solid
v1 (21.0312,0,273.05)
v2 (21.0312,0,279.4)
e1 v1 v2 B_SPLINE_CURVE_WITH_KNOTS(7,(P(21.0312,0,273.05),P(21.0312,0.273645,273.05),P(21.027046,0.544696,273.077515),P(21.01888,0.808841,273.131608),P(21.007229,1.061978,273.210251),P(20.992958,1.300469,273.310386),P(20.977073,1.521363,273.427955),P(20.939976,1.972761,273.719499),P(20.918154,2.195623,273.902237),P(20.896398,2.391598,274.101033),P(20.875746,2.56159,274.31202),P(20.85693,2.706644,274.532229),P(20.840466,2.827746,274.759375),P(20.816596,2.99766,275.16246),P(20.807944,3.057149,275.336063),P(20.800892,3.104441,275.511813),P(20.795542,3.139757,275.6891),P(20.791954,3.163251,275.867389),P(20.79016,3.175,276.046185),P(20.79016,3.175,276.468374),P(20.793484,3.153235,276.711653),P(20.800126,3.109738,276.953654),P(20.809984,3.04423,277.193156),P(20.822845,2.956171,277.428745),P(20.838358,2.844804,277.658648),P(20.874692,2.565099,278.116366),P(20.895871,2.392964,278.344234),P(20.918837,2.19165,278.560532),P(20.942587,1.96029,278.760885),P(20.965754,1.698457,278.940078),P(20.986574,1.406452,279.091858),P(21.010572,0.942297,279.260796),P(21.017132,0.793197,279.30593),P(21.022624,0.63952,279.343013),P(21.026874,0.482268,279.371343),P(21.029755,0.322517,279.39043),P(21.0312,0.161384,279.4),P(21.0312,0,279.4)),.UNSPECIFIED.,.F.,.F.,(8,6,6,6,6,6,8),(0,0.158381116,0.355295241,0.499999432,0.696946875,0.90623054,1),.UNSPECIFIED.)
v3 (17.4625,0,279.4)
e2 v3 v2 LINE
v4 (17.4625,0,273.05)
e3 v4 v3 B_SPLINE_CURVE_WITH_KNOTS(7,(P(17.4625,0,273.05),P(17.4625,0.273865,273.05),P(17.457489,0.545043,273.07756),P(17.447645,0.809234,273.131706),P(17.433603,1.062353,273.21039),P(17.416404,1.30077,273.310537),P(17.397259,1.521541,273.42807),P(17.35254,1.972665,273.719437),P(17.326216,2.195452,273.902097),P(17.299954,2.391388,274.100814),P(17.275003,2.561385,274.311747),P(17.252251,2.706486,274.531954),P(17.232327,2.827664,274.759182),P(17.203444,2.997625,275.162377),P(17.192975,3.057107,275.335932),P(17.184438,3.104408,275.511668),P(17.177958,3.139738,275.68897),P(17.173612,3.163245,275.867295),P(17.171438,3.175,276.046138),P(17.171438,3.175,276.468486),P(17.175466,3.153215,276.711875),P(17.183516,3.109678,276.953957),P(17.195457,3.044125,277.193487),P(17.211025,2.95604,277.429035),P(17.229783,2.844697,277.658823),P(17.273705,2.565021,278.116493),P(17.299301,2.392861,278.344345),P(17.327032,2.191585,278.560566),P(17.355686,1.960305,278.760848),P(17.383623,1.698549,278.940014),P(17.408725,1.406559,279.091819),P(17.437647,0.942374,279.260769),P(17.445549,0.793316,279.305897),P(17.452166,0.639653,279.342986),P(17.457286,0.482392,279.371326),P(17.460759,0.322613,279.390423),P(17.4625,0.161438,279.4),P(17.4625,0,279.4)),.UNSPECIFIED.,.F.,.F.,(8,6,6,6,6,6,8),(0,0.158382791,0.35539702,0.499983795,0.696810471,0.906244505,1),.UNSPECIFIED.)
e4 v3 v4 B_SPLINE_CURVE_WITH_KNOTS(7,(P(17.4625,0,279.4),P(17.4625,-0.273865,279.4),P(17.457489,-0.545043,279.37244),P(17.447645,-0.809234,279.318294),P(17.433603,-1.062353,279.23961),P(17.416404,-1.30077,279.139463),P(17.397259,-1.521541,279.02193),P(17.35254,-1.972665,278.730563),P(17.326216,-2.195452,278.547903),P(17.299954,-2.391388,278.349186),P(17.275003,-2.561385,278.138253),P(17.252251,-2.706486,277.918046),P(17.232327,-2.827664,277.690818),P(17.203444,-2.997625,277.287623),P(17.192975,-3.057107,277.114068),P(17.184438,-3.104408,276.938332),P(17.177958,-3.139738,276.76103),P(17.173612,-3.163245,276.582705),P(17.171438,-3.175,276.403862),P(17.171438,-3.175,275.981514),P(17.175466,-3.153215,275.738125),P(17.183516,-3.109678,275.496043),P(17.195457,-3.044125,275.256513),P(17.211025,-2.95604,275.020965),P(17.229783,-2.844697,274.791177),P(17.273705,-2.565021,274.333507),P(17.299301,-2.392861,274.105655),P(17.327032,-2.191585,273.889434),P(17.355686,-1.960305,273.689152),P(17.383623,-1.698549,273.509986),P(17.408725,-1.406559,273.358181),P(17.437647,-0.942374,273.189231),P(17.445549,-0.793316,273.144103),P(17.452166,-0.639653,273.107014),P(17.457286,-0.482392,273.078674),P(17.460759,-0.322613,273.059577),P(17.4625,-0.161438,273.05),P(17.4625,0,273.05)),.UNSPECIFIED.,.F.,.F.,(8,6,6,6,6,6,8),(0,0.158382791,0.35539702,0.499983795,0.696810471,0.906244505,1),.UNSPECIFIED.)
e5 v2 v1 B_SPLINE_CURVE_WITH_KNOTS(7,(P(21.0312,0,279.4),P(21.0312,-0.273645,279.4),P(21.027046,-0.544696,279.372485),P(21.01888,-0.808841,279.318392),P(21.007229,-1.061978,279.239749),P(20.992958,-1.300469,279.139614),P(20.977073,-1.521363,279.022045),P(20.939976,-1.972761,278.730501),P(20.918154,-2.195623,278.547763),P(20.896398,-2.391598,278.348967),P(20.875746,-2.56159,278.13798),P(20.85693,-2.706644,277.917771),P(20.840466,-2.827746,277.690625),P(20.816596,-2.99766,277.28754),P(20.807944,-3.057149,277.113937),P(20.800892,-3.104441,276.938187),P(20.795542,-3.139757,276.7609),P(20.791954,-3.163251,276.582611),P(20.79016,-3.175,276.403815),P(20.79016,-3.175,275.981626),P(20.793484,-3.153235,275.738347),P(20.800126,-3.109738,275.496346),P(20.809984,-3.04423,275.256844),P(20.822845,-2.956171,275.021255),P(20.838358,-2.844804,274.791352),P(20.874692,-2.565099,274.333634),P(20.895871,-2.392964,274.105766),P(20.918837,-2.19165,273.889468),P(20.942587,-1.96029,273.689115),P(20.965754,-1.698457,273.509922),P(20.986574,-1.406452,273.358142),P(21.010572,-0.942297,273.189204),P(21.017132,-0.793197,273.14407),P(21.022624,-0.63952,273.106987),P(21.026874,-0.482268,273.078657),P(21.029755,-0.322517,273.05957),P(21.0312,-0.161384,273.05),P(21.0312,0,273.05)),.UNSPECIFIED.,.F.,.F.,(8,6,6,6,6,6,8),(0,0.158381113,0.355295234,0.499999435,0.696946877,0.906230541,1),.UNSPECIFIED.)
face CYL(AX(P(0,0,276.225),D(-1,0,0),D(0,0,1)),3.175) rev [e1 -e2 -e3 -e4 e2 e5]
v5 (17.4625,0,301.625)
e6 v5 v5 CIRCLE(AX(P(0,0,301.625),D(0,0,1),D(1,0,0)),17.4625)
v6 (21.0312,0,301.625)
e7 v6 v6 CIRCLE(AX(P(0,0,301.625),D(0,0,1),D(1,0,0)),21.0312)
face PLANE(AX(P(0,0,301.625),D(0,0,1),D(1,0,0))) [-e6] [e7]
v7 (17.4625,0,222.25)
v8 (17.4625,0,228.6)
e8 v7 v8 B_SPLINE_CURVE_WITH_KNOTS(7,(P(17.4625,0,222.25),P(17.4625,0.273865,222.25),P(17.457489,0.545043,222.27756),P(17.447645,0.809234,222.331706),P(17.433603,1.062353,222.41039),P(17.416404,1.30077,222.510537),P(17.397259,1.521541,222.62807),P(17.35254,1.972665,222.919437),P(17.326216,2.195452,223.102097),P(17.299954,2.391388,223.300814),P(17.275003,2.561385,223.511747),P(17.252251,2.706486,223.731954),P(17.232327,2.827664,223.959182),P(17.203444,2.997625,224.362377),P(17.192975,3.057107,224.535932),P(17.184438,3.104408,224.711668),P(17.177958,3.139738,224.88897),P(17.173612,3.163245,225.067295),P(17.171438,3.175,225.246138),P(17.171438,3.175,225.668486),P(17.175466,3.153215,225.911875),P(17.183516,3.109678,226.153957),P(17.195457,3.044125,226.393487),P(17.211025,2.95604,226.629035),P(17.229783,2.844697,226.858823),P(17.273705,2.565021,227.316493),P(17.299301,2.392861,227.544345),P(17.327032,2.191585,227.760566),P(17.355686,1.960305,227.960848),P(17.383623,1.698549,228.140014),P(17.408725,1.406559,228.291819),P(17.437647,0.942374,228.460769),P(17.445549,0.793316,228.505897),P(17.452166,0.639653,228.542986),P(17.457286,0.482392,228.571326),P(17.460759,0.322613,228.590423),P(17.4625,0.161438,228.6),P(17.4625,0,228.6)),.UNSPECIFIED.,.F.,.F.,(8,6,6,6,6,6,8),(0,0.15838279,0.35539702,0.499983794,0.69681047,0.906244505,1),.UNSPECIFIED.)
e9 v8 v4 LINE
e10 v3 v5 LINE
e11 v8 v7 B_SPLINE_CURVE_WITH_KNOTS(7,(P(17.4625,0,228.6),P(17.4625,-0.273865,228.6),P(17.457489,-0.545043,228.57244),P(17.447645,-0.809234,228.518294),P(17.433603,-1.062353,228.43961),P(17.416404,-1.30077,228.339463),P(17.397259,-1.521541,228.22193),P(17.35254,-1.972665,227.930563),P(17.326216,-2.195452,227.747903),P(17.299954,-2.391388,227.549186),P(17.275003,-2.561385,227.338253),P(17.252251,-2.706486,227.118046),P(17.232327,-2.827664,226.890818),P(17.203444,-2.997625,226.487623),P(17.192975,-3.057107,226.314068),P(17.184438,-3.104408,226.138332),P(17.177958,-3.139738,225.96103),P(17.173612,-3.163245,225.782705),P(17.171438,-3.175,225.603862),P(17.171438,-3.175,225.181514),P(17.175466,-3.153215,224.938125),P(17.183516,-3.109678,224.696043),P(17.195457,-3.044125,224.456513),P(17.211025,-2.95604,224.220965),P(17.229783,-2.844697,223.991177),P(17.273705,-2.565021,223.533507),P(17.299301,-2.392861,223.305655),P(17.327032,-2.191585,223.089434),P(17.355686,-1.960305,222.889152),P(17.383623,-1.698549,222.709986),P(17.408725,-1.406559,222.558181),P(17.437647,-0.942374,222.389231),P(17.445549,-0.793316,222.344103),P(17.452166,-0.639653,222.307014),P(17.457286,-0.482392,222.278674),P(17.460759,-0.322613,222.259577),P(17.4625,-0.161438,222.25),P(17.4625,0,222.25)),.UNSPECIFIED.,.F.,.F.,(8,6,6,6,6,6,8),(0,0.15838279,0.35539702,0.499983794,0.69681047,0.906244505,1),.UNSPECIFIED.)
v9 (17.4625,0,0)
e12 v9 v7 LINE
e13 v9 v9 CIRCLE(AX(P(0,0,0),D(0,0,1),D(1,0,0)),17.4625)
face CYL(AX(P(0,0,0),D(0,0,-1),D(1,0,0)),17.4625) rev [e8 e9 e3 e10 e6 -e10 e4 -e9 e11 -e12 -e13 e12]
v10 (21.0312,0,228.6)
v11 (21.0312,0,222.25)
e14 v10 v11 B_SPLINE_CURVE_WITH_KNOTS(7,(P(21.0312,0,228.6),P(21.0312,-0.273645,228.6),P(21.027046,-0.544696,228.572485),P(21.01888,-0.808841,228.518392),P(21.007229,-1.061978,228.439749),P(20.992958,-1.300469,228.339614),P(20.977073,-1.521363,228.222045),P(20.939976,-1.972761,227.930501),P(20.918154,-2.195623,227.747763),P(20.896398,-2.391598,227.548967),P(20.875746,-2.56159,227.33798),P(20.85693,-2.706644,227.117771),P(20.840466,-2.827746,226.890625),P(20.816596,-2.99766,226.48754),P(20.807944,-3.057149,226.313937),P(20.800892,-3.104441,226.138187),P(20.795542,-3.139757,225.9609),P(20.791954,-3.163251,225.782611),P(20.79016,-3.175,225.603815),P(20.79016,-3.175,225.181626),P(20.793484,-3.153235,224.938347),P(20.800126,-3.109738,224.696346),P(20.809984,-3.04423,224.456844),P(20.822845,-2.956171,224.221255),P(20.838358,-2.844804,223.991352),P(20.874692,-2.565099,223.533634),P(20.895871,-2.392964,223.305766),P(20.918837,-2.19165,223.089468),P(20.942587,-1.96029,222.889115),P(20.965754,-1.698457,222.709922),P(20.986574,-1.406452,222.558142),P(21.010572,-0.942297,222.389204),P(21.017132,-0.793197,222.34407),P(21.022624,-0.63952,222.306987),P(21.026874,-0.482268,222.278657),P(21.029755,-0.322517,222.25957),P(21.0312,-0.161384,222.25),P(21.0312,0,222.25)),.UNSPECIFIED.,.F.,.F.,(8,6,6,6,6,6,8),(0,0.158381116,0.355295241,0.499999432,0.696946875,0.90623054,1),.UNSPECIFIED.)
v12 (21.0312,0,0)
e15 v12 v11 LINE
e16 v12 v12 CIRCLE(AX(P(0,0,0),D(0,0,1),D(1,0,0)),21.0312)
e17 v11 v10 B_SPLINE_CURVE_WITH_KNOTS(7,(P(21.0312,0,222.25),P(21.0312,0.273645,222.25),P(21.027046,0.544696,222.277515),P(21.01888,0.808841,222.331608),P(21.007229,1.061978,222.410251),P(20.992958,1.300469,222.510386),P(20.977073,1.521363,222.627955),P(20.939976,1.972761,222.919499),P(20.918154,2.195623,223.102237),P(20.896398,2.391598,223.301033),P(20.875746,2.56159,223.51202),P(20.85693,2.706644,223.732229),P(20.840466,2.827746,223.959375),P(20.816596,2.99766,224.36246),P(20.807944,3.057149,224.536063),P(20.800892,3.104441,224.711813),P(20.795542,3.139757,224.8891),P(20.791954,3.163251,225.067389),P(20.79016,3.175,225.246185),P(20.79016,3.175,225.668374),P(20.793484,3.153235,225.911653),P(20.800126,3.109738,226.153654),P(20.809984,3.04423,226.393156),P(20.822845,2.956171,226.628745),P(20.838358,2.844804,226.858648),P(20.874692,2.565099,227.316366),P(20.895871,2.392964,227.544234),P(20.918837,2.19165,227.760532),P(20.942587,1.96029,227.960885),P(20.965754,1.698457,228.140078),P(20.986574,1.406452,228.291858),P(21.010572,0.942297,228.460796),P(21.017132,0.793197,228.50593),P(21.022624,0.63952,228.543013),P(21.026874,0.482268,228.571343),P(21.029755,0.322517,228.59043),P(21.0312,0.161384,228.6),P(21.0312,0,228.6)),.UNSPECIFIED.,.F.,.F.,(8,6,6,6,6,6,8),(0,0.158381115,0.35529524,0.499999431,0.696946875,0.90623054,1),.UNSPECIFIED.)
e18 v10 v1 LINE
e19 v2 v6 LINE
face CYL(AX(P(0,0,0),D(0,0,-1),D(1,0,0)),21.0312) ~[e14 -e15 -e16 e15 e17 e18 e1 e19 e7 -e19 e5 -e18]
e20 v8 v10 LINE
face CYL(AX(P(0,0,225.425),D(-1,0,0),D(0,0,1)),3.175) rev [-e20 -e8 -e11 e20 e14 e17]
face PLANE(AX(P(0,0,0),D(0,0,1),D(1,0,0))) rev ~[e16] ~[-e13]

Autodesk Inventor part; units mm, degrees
ref_plane "XZ Plane" through (0, 0, 0) normal (0, 1, 0) x (-1, 0, 0)
ref_plane "XY Plane" through (0, 0, 0) normal (0, 0, 1) x (1, 0, 0)
sketch "Sketch1" plane through (0, 0, 0) normal (0, 0, 1) x (1, 0, 0)
  circle A0 centre (0, 0) radius 21.0312
  circle A1 centre (0, 0) radius 17.4625
  dimension "d0" = 42.0624
  dimension "d1" = 34.925
extrude "Extrusion1" add sketch "Sketch1" along normal blind 301.625
ref_plane "Work Plane1" through (0, 0, 0) normal (1, 0, 0) x (0, 0, 1)
sketch "Sketch2" plane through (0, 0, 0) normal (1, 0, 0) x (0, 0, 1)
  line L0 (0, -21.0312) -> (301.625, -21.0312) projected
  line L1 (0, 21.0312) -> (301.625, 21.0312) projected
  line L2 (301.625, 17.4625) -> (301.625, -17.4625) projected
  line L3 (301.625, 21.0312) -> (301.625, -21.0312) projected
  line L4 (-60.325, 0) -> (361.95, 0) projected
  circle A0 centre (276.225, 0) radius 3.175
  dimension "d5" = 25.4
  dimension "d6" = 6.35
extrude "Extrusion2" cut sketch "Sketch2" along normal blind 50.8
pattern_linear "Rectangular Pattern1" count 2 spacing 50.8 along (0, 0, -1) of "Extrusion2"
properties part number "FE-00006-02"
